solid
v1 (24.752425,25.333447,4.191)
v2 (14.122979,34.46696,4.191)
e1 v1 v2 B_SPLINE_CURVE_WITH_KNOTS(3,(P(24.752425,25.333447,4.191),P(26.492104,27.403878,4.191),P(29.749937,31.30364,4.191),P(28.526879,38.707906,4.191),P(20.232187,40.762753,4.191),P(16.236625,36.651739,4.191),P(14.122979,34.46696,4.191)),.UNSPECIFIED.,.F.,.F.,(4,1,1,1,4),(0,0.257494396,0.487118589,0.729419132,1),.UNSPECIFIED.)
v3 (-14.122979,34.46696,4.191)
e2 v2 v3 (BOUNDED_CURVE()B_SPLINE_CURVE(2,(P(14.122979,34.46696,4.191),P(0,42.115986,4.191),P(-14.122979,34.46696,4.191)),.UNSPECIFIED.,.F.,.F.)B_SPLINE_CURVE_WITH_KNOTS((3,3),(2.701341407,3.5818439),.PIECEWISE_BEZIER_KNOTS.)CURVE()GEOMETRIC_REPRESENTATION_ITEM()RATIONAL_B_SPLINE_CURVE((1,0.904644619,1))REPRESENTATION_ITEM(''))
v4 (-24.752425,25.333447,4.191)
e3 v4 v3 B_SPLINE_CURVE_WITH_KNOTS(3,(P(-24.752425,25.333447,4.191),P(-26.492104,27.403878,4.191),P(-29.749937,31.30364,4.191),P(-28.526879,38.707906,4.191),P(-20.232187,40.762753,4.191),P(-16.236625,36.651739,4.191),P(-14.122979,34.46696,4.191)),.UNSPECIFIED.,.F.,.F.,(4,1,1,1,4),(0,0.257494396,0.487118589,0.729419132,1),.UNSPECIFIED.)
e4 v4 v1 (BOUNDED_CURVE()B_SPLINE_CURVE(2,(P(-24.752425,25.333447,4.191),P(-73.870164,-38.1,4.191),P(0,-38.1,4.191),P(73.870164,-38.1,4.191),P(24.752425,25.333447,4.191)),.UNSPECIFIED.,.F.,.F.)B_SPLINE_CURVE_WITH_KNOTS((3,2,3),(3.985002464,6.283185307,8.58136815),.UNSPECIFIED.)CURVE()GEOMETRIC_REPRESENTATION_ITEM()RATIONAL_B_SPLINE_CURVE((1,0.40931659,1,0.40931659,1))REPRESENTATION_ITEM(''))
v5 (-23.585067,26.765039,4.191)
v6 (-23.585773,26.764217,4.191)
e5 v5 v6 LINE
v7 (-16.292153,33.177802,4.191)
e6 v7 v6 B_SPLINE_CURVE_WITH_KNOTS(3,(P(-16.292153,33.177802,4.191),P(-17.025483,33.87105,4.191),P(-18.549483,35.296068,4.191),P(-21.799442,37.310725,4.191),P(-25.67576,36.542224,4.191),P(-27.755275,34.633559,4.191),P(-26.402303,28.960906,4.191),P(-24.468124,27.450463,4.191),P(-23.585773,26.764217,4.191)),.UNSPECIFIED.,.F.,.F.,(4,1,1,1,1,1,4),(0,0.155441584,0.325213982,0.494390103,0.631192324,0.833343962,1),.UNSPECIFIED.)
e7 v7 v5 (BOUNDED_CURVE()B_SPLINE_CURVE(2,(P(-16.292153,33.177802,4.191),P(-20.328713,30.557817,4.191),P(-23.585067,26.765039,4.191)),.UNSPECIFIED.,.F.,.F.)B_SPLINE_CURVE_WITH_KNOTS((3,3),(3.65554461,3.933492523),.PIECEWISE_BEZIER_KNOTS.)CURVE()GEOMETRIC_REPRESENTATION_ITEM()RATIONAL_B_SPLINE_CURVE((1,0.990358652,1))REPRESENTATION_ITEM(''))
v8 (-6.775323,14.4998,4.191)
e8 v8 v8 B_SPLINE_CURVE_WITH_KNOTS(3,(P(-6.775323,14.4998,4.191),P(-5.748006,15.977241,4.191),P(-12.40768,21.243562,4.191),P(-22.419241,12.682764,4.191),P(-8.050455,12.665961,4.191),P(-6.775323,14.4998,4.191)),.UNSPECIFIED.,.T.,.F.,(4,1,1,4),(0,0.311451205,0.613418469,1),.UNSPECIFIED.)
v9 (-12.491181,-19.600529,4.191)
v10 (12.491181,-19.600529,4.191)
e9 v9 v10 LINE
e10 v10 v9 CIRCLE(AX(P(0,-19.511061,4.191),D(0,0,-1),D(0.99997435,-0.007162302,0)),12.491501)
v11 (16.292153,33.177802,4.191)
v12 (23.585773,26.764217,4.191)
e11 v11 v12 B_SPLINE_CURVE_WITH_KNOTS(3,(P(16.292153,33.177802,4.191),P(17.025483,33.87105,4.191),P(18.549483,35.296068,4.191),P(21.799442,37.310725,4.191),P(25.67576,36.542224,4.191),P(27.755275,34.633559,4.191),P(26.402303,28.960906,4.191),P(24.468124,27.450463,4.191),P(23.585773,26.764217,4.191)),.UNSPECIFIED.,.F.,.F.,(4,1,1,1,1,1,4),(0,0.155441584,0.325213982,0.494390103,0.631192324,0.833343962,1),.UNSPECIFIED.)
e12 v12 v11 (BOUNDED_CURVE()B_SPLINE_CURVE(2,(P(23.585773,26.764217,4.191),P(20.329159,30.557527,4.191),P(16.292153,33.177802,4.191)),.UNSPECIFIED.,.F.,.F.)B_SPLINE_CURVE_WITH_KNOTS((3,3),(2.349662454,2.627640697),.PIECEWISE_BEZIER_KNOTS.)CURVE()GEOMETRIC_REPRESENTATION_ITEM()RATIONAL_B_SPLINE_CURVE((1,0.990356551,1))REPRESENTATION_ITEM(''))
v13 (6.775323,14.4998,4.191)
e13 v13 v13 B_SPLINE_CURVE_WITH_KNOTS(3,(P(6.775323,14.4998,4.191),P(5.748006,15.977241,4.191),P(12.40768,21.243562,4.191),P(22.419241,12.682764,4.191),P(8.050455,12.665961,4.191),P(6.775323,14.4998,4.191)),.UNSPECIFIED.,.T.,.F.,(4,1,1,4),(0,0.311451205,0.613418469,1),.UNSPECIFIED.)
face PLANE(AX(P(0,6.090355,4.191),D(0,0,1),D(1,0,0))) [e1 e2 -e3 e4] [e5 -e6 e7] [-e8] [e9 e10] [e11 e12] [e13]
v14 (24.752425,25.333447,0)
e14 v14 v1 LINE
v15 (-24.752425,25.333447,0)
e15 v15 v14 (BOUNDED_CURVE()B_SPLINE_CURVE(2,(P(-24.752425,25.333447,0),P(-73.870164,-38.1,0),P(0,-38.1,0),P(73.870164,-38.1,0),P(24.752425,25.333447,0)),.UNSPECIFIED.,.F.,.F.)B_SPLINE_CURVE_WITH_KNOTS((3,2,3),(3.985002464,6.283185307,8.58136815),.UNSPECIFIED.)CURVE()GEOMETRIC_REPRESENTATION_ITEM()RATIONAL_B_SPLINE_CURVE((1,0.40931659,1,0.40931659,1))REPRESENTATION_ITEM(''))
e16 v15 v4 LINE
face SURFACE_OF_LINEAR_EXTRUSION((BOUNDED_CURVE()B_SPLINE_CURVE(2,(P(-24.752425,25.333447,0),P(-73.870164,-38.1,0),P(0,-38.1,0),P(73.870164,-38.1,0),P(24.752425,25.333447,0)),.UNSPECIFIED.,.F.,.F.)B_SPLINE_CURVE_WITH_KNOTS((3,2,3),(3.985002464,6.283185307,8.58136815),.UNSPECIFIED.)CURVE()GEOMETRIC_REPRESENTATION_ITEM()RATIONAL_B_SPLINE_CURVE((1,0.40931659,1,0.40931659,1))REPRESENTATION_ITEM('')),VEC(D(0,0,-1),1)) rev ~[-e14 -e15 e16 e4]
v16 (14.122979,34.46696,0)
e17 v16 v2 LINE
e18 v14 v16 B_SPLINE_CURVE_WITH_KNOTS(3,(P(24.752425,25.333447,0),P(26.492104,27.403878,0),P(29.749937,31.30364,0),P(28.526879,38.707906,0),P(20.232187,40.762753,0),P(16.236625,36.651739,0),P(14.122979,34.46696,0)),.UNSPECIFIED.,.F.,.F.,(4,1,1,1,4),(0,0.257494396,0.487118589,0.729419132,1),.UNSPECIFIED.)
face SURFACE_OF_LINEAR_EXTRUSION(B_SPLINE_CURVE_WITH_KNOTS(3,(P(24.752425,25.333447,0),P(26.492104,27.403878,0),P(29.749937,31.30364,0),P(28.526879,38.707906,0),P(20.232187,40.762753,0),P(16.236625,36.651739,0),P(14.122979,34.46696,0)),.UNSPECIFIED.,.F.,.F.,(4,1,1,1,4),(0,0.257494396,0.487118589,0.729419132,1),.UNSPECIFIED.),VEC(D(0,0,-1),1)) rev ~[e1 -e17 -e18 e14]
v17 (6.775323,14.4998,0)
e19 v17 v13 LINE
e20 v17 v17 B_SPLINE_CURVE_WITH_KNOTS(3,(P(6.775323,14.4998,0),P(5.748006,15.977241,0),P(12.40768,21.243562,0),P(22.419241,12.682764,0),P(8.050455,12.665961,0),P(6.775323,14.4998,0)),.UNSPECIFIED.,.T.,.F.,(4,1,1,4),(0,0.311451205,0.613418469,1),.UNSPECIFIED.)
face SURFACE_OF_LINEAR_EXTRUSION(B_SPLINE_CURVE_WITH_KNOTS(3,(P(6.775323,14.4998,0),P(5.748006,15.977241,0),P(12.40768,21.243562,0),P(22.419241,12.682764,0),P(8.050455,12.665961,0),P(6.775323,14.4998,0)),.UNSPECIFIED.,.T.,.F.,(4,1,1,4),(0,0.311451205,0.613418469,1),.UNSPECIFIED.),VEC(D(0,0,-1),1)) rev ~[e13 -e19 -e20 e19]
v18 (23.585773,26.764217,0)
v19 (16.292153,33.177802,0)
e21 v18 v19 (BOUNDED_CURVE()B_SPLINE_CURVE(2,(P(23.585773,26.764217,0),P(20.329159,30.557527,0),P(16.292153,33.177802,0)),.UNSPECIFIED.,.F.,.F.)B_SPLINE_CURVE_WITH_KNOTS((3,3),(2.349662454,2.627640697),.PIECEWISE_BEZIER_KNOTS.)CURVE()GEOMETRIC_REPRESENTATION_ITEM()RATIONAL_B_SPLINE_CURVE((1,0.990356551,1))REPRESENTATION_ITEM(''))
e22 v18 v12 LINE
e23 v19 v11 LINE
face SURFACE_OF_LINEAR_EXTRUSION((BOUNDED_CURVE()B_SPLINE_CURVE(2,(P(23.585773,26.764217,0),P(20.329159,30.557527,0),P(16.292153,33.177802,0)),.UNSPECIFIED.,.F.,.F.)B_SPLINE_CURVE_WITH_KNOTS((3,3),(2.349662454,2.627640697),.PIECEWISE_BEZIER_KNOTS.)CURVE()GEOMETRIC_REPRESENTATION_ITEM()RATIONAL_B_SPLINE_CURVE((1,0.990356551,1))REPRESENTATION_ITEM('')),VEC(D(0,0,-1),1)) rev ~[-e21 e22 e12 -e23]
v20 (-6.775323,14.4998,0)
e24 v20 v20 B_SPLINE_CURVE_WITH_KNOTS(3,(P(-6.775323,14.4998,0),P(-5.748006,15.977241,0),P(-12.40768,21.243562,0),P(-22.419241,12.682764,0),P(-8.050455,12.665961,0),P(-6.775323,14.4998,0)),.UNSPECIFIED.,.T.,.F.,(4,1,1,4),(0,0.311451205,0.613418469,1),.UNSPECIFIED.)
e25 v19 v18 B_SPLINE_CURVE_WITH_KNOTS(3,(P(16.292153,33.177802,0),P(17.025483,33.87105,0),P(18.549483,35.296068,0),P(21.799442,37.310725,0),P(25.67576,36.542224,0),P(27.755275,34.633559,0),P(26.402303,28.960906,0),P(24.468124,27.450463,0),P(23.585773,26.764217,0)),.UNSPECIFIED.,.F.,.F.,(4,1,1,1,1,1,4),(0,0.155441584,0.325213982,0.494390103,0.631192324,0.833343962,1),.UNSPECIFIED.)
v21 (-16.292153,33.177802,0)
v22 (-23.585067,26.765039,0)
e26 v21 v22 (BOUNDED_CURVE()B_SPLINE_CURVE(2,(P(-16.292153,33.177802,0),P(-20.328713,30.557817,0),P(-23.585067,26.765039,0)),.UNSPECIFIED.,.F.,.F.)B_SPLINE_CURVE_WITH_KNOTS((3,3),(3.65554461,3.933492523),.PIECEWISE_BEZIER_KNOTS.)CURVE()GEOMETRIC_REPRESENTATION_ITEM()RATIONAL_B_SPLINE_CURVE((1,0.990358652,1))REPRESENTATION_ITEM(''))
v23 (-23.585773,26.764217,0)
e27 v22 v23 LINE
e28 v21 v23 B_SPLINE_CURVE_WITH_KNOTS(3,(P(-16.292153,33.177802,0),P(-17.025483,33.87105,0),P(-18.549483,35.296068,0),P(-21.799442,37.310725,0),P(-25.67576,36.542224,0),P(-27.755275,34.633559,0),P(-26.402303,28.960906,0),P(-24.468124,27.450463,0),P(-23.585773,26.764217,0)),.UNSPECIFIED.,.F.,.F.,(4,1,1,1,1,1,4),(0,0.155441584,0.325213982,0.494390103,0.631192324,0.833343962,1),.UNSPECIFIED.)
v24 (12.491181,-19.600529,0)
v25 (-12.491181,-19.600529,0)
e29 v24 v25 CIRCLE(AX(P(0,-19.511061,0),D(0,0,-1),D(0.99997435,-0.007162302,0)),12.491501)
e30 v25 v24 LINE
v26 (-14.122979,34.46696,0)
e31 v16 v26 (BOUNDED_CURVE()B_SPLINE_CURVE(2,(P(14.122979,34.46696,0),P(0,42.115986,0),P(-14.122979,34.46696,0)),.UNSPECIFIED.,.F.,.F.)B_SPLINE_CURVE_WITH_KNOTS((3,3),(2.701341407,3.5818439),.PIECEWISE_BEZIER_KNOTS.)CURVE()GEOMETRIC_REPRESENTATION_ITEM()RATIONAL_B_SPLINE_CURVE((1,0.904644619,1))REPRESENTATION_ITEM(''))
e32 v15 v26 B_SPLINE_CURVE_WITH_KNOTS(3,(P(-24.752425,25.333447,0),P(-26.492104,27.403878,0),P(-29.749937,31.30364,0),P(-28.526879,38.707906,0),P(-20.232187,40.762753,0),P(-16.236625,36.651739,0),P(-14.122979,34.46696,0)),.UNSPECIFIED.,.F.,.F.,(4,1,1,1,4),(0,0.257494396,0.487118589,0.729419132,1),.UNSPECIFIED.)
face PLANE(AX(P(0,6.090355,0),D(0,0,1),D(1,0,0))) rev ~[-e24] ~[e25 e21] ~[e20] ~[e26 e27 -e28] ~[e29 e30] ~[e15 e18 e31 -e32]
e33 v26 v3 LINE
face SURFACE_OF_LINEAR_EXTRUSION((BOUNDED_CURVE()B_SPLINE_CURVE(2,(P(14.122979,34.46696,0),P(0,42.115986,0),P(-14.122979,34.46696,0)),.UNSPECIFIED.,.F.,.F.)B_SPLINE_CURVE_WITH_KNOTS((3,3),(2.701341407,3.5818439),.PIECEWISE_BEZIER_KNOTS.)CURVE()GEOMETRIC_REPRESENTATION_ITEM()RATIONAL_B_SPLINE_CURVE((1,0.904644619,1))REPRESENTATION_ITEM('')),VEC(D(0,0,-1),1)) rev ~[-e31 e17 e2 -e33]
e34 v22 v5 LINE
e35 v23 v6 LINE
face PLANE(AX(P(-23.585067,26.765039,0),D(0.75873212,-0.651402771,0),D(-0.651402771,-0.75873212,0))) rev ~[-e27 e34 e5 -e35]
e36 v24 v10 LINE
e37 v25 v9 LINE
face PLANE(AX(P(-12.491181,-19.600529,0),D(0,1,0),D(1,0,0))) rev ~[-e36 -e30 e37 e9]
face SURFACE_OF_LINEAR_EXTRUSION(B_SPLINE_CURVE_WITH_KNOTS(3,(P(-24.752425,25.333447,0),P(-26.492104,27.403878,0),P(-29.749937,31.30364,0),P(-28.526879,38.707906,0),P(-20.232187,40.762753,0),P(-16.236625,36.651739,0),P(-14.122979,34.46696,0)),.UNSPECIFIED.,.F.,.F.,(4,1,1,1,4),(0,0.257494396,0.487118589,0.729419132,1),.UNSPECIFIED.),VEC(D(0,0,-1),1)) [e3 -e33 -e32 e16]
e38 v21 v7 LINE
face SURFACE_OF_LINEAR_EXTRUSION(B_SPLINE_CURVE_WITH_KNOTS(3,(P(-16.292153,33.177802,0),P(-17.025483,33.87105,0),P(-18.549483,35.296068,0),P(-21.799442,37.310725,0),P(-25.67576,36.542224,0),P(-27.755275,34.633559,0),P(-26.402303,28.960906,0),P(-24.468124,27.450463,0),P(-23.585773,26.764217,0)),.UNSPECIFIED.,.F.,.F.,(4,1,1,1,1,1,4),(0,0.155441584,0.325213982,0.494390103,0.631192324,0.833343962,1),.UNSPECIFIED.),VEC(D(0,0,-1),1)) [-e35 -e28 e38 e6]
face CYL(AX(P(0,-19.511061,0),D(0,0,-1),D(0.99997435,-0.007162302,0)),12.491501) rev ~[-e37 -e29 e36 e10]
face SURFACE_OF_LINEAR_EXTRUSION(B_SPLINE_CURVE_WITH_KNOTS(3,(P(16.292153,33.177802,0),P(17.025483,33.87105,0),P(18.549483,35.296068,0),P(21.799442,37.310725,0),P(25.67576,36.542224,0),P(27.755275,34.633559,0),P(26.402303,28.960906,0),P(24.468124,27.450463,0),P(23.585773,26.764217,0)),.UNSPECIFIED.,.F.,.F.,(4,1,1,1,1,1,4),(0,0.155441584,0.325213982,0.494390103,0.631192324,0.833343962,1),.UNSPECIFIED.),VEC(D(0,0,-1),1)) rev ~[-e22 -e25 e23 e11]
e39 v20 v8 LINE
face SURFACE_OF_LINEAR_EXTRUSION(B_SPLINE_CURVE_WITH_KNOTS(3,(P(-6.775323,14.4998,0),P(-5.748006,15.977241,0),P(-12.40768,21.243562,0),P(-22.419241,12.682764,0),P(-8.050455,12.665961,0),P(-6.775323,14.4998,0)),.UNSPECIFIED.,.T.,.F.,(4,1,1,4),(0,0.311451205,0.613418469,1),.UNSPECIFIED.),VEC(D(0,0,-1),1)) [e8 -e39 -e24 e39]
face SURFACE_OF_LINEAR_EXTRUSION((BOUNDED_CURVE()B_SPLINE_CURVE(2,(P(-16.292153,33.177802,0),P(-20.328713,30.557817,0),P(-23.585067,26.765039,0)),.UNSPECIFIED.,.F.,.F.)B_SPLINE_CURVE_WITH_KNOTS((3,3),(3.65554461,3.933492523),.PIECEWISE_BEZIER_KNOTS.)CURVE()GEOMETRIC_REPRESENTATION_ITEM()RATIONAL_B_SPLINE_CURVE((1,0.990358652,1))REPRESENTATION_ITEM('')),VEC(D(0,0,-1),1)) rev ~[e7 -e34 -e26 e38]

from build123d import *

# Parameters (mm, degrees)
F1_DEPTH = 4.191


with BuildPart() as f1:
    # F0 (on Top) → F1 (new body)
    with BuildSketch(Plane.XY):
        with BuildLine():
            add(Edge.make_bspline(
                [(24.7524249134, 25.3334466113), (26.4921043894, 27.4038775168), (29.7499366506, 31.3036401391), (28.5268792734, 38.7079062159), (20.2321867148, 40.7627531415), (16.2366253116, 36.6517388844), (14.1229792154, 34.4669599827)],
                knots=[0, 0, 0, 0, 0.2574943963, 0.4871185887, 0.7294191321, 1, 1, 1, 1], degree=3))
            add(Edge.make_bspline(
                [(14.1229792154, 34.4669599827), (0, 42.1159858813), (-14.1229792154, 34.4669599827)],
                knots=[2.7013414073, 2.7013414073, 2.7013414073, 3.5818438999, 3.5818438999, 3.5818438999], degree=2, weights=[1, 0.904644619, 1]))
            add(Edge.make_bspline(
                [(-24.7524249134, 25.3334466113), (-26.4921043894, 27.4038775168), (-29.7499366506, 31.3036401391), (-28.5268792734, 38.7079062159), (-20.2321867148, 40.7627531415), (-16.2366253116, 36.6517388844), (-14.1229792154, 34.4669599827)],
                knots=[0, 0, 0, 0, 0.2574943963, 0.4871185887, 0.7294191321, 1, 1, 1, 1], degree=3))
            add(Edge.make_bspline(
                [(-24.7524249134, 25.3334466113), (-73.8701637386, -38.1), (0, -38.1), (73.8701637386, -38.1), (24.7524249134, 25.3334466113)],
                knots=[3.9850024641, 3.9850024641, 3.9850024641, 6.2831853072, 6.2831853072, 8.5813681502, 8.5813681502, 8.5813681502], degree=2, weights=[1, 0.4093165898, 1, 0.4093165898, 1]))
        make_face()
        with BuildLine():
            Line((-12.4911808295, -19.6005292237), (12.4911808295, -19.6005292237))
            ThreePointArc((12.4911808295, -19.6005292237), (0, -32.0025625497), (-12.4911808295, -19.6005292237))
        make_face(mode=Mode.SUBTRACT)
        with BuildLine():
            add(Edge.make_bspline(
                [(-6.7753228359, 14.4998002797), (-5.748006456, 15.9772410963), (-12.4076795927, 21.2435617404), (-22.4192411611, 12.6827639699), (-8.0504552885, 12.6659613876), (-6.7753228359, 14.4998002797)],
                knots=[0, 0, 0, 0, 0.3114512053, 0.6134184687, 1, 1, 1, 1], degree=3))
        make_face(mode=Mode.SUBTRACT)
        with BuildLine():
            add(Edge.make_bspline(
                [(-16.2921525647, 33.1778016408), (-17.0254831405, 33.8710498602), (-18.5494827802, 35.296067522), (-21.7994417099, 37.3107249274), (-25.6757602989, 36.542224478), (-27.7552751613, 34.6335593966), (-26.4023029458, 28.9609055357), (-24.4681237299, 27.4504626506), (-23.5857732687, 26.7642167959)],
                knots=[0, 0, 0, 0, 0.1554415837, 0.3252139817, 0.494390103, 0.6311923242, 0.8333439617, 1, 1, 1, 1], degree=3))
            add(Edge.make_bspline(
                [(-16.2921525647, 33.1778016408), (-20.328712575, 30.5578169916), (-23.5850671761, 26.7650392289)],
                knots=[3.6555446104, 3.6555446104, 3.6555446104, 3.9334925227, 3.9334925227, 3.9334925227], degree=2, weights=[1, 0.9903586523, 1]))
            Line((-23.5850671761, 26.7650392289), (-23.5857732687, 26.7642167959))
        make_face(mode=Mode.SUBTRACT)
        with BuildLine():
            add(Edge.make_bspline(
                [(6.7753228359, 14.4998002797), (5.748006456, 15.9772410963), (12.4076795927, 21.2435617404), (22.4192411611, 12.6827639699), (8.0504552885, 12.6659613876), (6.7753228359, 14.4998002797)],
                knots=[0, 0, 0, 0, 0.3114512053, 0.6134184687, 1, 1, 1, 1], degree=3))
        make_face(mode=Mode.SUBTRACT)
        with BuildLine():
            add(Edge.make_bspline(
                [(23.5857732687, 26.7642167959), (20.3291587796, 30.5575273764), (16.2921525647, 33.1778016408)],
                knots=[2.349662454, 2.349662454, 2.349662454, 2.6276406967, 2.6276406967, 2.6276406967], degree=2, weights=[1, 0.9903565514, 1]))
            add(Edge.make_bspline(
                [(16.2921525647, 33.1778016408), (17.0254831405, 33.8710498602), (18.5494827802, 35.296067522), (21.7994417099, 37.3107249274), (25.6757602989, 36.542224478), (27.7552751613, 34.6335593966), (26.4023029458, 28.9609055357), (24.4681237299, 27.4504626506), (23.5857732687, 26.7642167959)],
                knots=[0, 0, 0, 0, 0.1554415837, 0.3252139817, 0.494390103, 0.6311923242, 0.8333439617, 1, 1, 1, 1], degree=3))
        make_face(mode=Mode.SUBTRACT)
    extrude(amount=F1_DEPTH)


solid = f1.part
